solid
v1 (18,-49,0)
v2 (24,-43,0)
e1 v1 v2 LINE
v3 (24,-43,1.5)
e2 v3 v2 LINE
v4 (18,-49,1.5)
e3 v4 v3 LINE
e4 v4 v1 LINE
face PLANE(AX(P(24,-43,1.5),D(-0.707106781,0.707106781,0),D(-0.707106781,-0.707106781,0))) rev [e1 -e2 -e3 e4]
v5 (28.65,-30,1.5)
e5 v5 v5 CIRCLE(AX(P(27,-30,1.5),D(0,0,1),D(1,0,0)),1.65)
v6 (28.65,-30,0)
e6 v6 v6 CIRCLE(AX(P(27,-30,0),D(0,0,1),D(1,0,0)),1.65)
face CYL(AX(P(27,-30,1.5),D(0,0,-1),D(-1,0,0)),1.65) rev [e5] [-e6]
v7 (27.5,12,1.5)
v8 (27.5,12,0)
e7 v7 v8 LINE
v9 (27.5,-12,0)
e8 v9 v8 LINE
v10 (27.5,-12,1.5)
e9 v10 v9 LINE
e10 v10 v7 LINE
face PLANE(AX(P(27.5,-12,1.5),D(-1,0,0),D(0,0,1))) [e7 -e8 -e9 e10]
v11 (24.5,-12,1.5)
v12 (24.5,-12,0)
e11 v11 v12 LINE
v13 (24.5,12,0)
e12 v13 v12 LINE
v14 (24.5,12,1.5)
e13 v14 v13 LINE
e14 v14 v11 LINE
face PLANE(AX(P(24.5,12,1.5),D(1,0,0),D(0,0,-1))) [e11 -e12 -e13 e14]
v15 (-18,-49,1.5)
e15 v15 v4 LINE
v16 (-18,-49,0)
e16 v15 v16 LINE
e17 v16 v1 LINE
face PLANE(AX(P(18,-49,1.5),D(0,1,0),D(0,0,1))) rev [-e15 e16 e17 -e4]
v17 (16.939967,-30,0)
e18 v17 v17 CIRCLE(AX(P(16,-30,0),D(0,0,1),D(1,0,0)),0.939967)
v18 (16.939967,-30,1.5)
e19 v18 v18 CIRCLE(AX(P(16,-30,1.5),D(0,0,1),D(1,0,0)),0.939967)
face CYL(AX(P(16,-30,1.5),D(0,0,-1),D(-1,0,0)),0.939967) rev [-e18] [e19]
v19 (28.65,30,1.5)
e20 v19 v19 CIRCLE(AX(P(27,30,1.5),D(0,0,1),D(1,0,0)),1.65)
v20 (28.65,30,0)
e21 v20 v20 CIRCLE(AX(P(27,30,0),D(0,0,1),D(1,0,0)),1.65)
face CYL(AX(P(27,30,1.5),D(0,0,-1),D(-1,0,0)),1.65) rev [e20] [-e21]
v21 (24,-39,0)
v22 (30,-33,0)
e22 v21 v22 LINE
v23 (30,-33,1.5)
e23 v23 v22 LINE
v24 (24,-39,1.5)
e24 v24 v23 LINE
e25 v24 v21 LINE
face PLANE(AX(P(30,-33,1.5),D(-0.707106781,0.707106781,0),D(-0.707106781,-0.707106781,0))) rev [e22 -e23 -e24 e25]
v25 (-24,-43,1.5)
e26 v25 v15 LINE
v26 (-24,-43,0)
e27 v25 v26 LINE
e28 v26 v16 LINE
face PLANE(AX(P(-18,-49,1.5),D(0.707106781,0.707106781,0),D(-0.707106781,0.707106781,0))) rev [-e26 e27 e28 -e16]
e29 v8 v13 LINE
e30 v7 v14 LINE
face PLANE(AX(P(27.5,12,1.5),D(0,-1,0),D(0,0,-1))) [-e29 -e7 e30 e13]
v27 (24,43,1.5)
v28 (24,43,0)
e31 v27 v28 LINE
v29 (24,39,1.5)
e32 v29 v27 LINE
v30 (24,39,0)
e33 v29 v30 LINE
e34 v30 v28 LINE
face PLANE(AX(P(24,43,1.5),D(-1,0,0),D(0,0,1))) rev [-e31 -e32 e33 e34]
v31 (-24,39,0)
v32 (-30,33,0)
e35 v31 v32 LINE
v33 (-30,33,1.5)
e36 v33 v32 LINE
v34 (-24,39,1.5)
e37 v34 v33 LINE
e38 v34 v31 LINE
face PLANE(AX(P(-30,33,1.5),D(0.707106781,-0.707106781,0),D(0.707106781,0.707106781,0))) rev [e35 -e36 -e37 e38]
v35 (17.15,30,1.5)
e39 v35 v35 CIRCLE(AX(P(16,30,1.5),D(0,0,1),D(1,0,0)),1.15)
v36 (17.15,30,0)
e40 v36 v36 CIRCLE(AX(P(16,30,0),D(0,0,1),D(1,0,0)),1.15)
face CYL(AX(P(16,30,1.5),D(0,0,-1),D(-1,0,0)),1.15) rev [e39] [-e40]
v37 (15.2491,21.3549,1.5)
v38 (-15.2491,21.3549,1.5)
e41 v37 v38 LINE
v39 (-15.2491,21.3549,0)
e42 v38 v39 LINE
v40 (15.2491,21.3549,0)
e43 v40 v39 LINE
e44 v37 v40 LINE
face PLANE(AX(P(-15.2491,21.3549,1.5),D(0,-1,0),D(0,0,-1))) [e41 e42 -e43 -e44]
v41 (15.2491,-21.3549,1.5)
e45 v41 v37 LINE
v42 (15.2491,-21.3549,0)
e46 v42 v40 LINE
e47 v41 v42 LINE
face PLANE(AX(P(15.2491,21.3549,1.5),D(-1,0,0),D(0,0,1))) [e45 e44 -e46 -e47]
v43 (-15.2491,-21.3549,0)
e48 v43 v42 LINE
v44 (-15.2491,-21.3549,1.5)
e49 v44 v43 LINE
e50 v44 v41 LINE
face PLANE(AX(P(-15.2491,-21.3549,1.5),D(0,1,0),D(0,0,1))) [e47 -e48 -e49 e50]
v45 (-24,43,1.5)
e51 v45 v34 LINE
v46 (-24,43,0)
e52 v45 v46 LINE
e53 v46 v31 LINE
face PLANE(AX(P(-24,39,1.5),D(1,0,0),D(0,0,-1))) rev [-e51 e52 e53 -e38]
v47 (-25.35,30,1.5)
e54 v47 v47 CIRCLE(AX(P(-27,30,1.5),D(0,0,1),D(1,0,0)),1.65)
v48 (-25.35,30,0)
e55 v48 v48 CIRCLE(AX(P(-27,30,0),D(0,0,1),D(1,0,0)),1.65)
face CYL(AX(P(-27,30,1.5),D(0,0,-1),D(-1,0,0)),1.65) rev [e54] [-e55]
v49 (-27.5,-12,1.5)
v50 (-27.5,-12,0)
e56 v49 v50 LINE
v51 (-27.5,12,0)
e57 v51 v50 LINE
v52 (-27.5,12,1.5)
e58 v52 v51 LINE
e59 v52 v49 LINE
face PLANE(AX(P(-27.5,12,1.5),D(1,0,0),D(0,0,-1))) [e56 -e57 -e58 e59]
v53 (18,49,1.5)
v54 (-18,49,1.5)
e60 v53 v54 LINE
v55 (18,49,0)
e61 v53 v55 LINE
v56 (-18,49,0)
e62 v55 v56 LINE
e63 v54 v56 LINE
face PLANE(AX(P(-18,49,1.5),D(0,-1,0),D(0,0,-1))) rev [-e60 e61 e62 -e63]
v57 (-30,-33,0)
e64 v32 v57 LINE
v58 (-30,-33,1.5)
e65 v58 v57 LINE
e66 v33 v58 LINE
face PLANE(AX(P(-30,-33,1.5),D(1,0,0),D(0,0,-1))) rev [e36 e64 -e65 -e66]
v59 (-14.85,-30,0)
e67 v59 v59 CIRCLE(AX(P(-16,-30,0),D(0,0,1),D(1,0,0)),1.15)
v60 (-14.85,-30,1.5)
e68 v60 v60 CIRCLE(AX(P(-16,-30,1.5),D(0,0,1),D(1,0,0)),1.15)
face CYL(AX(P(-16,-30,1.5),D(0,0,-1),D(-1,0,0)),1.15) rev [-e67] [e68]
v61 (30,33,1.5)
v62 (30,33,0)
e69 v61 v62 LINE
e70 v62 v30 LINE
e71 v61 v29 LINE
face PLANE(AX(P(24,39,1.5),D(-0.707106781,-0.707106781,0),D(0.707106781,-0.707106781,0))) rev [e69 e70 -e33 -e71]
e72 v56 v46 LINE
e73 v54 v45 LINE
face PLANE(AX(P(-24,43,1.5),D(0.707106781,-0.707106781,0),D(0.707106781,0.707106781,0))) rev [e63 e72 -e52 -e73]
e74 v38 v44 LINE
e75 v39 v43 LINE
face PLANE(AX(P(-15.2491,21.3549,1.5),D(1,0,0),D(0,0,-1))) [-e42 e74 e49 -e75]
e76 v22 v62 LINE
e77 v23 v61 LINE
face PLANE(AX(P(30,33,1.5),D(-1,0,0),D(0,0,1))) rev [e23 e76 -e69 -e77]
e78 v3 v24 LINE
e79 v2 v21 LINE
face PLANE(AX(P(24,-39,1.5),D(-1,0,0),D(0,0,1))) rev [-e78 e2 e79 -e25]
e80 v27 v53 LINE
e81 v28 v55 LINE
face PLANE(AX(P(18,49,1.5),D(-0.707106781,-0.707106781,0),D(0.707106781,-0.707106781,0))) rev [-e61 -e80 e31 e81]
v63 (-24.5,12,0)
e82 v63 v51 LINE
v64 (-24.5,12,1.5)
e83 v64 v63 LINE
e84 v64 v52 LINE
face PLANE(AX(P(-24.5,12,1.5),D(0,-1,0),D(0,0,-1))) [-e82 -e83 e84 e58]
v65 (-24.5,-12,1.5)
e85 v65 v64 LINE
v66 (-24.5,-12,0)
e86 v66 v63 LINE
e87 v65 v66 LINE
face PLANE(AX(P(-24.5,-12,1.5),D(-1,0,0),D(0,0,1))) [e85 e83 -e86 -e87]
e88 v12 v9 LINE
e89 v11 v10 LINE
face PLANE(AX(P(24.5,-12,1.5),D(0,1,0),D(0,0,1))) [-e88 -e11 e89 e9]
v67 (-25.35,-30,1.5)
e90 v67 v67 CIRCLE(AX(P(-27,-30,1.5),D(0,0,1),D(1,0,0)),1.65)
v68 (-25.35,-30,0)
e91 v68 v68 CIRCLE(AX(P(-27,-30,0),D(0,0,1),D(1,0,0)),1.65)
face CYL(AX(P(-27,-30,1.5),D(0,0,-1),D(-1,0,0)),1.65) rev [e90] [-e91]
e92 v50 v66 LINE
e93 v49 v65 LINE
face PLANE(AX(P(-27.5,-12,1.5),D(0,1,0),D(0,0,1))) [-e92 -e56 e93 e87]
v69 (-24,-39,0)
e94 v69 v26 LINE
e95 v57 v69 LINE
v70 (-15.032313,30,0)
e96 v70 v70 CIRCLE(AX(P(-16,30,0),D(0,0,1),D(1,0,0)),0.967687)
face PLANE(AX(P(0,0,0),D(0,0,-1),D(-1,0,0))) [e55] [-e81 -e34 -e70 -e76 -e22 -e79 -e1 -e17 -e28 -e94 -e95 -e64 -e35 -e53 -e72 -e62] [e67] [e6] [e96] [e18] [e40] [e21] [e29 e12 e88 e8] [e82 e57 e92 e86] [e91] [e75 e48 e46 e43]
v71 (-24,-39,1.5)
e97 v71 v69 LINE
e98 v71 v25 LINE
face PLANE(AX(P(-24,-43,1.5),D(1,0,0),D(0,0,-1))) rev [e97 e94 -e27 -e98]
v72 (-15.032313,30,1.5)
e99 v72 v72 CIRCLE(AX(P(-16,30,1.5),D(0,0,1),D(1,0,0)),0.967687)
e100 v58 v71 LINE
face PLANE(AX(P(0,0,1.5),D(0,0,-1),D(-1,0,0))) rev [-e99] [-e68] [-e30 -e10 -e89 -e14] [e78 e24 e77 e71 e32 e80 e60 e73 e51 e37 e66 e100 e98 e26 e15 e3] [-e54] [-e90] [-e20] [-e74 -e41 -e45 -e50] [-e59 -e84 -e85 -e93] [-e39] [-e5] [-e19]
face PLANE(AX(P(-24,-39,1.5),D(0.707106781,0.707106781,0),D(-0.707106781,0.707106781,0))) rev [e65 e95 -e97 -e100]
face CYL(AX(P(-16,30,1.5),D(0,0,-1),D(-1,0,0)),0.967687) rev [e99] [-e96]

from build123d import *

# Parameters (mm, degrees)
SKETCH_1_R       = 1.15
SKETCH_1_R_2     = 0.939967297
SKETCH_1_R_3     = 0.967686678
SKETCH_1_R_4     = 1.65
SKETCH_1_W       = 30.4982
SKETCH_1_H       = 42.7098
SKETCH_1_W_2     = 3
SKETCH_1_H_2     = 24
PIXHAWK_M3_DEPTH = 1.5


with BuildPart() as part:
    # 草图1 → Pixhawk正装减振托板_绑带槽_四M3孔 (new body)
    with BuildSketch(Plane.XY):
        Polygon((24, -39), (24, -43), (18, -49), (-18, -49), (-24, -43), (-24, -39), (-30, -33), (-30, 33), (-24, 39), (-24, 43), (-18, 49), (18, 49), (24, 43), (24, 39), (30, 33), (30, -33), align=None)
        with Locations((16, 30)):
            Circle(SKETCH_1_R, mode=Mode.SUBTRACT)
        with Locations((-16, -30)):
            Circle(SKETCH_1_R, mode=Mode.SUBTRACT)
        with Locations((16, -30)):
            Circle(SKETCH_1_R_2, mode=Mode.SUBTRACT)
        with Locations((-16, 30)):
            Circle(SKETCH_1_R_3, mode=Mode.SUBTRACT)
        with Locations((-27, -30)):
            Circle(SKETCH_1_R_4, mode=Mode.SUBTRACT)
        with Locations((-27, 30)):
            Circle(SKETCH_1_R_4, mode=Mode.SUBTRACT)
        with Locations((27, -30)):
            Circle(SKETCH_1_R_4, mode=Mode.SUBTRACT)
        with Locations((27, 30)):
            Circle(SKETCH_1_R_4, mode=Mode.SUBTRACT)
        Rectangle(SKETCH_1_W, SKETCH_1_H, mode=Mode.SUBTRACT)
        with Locations((-26, 0)):
            Rectangle(SKETCH_1_W_2, SKETCH_1_H_2, mode=Mode.SUBTRACT)
        with Locations((26, 0)):
            Rectangle(SKETCH_1_W_2, SKETCH_1_H_2, mode=Mode.SUBTRACT)
    extrude(amount=PIXHAWK_M3_DEPTH)


solid = part.part
